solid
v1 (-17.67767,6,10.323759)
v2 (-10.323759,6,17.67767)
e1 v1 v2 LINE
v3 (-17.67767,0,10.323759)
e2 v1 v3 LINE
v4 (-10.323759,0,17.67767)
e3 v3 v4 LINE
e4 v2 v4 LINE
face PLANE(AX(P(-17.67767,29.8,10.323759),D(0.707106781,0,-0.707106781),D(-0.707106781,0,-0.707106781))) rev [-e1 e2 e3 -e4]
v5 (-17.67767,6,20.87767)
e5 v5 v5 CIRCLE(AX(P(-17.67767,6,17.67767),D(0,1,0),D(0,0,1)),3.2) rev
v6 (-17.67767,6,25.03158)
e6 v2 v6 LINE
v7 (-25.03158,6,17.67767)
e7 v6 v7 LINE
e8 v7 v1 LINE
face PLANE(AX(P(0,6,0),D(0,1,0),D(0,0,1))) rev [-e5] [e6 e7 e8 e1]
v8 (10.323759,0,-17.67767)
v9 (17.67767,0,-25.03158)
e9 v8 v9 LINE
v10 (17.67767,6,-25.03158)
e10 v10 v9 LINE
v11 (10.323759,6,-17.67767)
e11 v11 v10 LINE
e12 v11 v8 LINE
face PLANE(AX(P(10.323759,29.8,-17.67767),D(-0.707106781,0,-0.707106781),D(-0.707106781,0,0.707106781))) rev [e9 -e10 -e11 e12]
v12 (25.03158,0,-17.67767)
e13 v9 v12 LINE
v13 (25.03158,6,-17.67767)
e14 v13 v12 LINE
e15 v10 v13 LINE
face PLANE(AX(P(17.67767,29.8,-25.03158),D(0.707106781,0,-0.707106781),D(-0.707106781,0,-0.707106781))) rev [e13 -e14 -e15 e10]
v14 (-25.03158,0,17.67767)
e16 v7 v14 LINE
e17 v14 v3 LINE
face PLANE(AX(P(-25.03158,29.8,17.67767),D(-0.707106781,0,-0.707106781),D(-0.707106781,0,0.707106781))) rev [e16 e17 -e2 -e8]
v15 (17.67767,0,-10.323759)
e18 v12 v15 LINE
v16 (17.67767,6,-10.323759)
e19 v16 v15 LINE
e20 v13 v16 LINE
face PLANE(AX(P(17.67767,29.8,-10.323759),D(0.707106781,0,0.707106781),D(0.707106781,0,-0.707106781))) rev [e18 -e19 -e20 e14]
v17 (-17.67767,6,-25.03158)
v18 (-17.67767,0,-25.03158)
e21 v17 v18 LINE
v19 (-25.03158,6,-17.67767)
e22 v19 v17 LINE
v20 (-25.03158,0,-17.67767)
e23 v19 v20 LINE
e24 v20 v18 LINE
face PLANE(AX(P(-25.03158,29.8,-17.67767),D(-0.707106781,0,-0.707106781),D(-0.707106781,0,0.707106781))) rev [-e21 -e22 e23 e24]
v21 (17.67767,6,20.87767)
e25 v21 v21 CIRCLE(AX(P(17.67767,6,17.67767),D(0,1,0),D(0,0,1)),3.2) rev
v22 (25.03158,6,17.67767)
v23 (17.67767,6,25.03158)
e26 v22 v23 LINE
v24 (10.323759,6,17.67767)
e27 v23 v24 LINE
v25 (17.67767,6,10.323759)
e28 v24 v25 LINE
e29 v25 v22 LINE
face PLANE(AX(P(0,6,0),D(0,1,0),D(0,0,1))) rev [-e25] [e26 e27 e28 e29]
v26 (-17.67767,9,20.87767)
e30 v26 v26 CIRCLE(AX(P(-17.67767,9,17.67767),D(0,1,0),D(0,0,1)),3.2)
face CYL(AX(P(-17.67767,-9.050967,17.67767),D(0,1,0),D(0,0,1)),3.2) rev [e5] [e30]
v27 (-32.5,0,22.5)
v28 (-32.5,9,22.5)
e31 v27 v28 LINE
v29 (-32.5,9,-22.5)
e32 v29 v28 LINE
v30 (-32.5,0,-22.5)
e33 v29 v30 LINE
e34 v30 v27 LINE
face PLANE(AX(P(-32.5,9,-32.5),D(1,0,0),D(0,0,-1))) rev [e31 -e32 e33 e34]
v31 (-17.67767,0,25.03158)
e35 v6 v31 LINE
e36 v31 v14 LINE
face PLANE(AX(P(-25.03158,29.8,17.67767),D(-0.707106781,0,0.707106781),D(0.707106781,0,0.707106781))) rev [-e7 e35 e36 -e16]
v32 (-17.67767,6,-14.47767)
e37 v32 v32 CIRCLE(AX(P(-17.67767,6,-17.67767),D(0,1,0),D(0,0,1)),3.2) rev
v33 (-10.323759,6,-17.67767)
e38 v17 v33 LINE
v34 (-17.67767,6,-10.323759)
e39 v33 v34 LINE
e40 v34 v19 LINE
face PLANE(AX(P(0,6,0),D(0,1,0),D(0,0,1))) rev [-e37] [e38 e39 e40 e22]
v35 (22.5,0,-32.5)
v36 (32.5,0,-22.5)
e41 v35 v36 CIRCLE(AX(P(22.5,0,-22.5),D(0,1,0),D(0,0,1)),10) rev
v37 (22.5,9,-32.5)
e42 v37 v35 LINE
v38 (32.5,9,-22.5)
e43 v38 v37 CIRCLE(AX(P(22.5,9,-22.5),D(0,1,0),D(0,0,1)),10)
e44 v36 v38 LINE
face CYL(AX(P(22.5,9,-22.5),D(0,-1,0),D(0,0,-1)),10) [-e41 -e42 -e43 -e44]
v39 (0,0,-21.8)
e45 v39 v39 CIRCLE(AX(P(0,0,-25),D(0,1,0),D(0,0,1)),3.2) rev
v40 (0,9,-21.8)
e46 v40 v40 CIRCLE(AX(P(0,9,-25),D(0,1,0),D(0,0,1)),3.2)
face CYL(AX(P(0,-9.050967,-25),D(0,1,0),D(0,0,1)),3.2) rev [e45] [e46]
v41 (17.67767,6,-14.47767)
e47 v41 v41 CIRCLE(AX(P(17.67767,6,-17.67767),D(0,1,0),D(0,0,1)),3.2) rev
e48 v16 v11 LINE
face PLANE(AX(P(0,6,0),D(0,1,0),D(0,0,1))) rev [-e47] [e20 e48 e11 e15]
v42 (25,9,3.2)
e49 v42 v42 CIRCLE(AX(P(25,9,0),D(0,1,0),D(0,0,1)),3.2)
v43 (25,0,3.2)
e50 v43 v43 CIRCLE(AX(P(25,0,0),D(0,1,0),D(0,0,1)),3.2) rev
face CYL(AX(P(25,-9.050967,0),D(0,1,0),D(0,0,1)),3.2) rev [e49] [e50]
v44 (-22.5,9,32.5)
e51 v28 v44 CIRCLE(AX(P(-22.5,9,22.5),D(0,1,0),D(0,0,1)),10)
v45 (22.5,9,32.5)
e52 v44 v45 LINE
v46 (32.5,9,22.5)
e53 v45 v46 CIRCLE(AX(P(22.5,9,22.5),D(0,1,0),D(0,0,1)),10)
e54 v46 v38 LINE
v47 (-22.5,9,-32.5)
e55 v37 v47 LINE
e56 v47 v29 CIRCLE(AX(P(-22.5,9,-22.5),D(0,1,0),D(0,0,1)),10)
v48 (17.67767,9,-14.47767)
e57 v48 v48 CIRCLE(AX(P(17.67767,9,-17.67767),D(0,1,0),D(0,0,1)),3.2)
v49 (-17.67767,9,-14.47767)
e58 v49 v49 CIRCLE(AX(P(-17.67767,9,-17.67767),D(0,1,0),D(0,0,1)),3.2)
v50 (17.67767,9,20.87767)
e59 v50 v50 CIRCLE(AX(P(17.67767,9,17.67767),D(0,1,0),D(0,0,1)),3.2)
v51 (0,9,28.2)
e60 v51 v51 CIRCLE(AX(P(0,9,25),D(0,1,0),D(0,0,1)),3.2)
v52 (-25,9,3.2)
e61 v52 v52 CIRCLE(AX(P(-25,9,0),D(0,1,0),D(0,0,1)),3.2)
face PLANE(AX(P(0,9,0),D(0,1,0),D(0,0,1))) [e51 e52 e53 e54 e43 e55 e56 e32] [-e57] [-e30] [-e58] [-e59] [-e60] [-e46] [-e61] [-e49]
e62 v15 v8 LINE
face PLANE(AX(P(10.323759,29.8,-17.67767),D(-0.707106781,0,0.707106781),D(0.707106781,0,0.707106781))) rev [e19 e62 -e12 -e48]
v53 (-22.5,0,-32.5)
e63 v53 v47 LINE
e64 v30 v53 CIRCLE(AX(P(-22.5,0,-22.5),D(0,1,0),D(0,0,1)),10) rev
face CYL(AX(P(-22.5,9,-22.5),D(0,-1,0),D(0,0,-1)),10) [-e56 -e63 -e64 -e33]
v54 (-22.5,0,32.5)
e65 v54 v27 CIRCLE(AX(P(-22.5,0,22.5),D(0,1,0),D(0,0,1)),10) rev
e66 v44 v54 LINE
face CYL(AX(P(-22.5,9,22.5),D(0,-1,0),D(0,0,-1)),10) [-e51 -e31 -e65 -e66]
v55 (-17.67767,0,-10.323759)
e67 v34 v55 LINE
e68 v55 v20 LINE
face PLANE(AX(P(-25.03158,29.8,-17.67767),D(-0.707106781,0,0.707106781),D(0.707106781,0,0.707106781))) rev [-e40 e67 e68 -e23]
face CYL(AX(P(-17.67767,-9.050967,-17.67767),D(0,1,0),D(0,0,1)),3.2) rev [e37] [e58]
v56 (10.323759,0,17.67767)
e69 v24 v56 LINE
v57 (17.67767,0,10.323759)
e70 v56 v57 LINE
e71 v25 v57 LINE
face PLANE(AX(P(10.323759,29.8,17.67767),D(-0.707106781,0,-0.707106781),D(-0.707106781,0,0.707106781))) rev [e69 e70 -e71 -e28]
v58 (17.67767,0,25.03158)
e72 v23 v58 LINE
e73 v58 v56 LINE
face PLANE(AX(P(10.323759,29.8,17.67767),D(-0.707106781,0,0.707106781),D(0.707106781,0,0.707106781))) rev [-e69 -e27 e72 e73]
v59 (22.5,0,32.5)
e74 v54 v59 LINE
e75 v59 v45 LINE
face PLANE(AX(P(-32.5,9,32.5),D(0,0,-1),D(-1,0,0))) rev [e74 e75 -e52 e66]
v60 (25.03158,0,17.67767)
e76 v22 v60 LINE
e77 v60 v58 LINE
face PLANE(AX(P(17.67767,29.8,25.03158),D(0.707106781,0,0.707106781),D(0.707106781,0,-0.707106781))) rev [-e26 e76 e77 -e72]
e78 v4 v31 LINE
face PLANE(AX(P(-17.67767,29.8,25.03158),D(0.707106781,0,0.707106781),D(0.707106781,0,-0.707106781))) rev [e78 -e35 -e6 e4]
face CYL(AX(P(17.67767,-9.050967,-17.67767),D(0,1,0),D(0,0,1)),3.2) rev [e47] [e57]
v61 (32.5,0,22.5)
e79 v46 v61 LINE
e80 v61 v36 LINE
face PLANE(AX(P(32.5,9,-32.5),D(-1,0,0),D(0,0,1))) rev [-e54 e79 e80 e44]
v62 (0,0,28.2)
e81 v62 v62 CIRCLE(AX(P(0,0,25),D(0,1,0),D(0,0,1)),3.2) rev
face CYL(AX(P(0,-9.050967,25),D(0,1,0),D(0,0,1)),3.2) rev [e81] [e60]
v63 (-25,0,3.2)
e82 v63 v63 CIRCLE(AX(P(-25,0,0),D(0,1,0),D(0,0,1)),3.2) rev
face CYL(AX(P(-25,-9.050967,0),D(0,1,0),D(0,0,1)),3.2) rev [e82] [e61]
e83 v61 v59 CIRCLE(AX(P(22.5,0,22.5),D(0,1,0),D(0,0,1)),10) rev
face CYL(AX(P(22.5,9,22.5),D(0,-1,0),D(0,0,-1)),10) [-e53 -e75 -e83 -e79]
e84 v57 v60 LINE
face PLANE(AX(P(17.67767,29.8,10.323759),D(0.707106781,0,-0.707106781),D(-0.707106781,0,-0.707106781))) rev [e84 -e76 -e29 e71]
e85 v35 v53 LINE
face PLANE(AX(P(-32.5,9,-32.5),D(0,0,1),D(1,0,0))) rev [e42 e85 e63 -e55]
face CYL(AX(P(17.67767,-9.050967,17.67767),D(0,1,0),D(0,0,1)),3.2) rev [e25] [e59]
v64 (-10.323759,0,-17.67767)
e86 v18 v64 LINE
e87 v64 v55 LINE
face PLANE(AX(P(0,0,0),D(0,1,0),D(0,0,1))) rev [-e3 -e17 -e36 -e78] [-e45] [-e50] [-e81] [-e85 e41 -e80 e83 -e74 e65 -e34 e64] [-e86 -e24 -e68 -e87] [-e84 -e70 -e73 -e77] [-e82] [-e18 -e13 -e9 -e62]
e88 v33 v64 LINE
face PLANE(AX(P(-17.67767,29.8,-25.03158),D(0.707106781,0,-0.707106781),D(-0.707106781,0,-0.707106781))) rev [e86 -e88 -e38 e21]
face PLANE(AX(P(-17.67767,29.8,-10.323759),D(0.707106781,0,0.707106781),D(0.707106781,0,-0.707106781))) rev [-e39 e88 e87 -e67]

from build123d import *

# Parameters (mm, degrees)
SKETCH_1_W          = 65
SKETCH_1_H          = 65
EXTRUDE_1_DEPTH     = 9
SKETCH_2_R          = 3.2
CUT_EXTRUDE_1_DEPTH = 9
CUT_EXTRUDE_2_DEPTH = 6
FILLET_1_R          = 10


with BuildPart() as part:
    # 스케치1 → 보스-돌출1 (new body)
    with BuildSketch(Plane(origin=(0, 0, 0), x_dir=(1, 0, 0), z_dir=(0, 1, 0))):
        Rectangle(SKETCH_1_W, SKETCH_1_H)
    extrude(amount=EXTRUDE_1_DEPTH)

    # 스케치2 → 컷-돌출1 (cut)
    with BuildSketch(Plane(origin=(0, 9, 0), x_dir=(1, 0, 0), z_dir=(0, 1, 0))):
        with Locations((-17.67766953, 17.67766953)):
            Circle(SKETCH_2_R)
        with Locations((17.67766953, -17.67766953)):
            Circle(SKETCH_2_R)
        with Locations((-17.67766953, -17.67766953)):
            Circle(SKETCH_2_R)
        with Locations((17.67766953, 17.67766953)):
            Circle(SKETCH_2_R)
        with Locations((0, 25)):
            Circle(SKETCH_2_R)
        with Locations((25, 0)):
            Circle(SKETCH_2_R)
        with Locations((0, -25)):
            Circle(SKETCH_2_R)
        with Locations((-25, 0)):
            Circle(SKETCH_2_R)
    extrude(amount=-CUT_EXTRUDE_1_DEPTH, mode=Mode.SUBTRACT)

    # 스케치3 → 컷-돌출2 (cut)
    with BuildSketch(Plane.XZ):
        Polygon((-25.031580054, 17.67766953), (-17.67766953, 10.323759005), (-10.323759005, 17.67766953), (-17.67766953, 25.031580054), align=None)
        Polygon((10.323759005, 17.67766953), (17.67766953, 10.323759005), (25.031580054, 17.67766953), (17.67766953, 25.031580054), align=None)
        Polygon((10.323759005, -17.67766953), (17.67766953, -25.031580054), (25.031580054, -17.67766953), (17.67766953, -10.323759005), align=None)
        Polygon((-25.031580054, -17.67766953), (-17.67766953, -25.031580054), (-10.323759005, -17.67766953), (-17.67766953, -10.323759005), align=None)
    extrude(amount=-CUT_EXTRUDE_2_DEPTH, mode=Mode.SUBTRACT)

    # 필렛1
    fillet_1_edges = [part.edges().sort_by_distance(p)[0] for p in [
        (-32.5, 4.5, -32.5),
        (32.5, 4.5, -32.5),
        (32.5, 4.5, 32.5),
        (-32.5, 4.5, 32.5),
    ]]
    fillet(fillet_1_edges, radius=FILLET_1_R)


solid = part.part
